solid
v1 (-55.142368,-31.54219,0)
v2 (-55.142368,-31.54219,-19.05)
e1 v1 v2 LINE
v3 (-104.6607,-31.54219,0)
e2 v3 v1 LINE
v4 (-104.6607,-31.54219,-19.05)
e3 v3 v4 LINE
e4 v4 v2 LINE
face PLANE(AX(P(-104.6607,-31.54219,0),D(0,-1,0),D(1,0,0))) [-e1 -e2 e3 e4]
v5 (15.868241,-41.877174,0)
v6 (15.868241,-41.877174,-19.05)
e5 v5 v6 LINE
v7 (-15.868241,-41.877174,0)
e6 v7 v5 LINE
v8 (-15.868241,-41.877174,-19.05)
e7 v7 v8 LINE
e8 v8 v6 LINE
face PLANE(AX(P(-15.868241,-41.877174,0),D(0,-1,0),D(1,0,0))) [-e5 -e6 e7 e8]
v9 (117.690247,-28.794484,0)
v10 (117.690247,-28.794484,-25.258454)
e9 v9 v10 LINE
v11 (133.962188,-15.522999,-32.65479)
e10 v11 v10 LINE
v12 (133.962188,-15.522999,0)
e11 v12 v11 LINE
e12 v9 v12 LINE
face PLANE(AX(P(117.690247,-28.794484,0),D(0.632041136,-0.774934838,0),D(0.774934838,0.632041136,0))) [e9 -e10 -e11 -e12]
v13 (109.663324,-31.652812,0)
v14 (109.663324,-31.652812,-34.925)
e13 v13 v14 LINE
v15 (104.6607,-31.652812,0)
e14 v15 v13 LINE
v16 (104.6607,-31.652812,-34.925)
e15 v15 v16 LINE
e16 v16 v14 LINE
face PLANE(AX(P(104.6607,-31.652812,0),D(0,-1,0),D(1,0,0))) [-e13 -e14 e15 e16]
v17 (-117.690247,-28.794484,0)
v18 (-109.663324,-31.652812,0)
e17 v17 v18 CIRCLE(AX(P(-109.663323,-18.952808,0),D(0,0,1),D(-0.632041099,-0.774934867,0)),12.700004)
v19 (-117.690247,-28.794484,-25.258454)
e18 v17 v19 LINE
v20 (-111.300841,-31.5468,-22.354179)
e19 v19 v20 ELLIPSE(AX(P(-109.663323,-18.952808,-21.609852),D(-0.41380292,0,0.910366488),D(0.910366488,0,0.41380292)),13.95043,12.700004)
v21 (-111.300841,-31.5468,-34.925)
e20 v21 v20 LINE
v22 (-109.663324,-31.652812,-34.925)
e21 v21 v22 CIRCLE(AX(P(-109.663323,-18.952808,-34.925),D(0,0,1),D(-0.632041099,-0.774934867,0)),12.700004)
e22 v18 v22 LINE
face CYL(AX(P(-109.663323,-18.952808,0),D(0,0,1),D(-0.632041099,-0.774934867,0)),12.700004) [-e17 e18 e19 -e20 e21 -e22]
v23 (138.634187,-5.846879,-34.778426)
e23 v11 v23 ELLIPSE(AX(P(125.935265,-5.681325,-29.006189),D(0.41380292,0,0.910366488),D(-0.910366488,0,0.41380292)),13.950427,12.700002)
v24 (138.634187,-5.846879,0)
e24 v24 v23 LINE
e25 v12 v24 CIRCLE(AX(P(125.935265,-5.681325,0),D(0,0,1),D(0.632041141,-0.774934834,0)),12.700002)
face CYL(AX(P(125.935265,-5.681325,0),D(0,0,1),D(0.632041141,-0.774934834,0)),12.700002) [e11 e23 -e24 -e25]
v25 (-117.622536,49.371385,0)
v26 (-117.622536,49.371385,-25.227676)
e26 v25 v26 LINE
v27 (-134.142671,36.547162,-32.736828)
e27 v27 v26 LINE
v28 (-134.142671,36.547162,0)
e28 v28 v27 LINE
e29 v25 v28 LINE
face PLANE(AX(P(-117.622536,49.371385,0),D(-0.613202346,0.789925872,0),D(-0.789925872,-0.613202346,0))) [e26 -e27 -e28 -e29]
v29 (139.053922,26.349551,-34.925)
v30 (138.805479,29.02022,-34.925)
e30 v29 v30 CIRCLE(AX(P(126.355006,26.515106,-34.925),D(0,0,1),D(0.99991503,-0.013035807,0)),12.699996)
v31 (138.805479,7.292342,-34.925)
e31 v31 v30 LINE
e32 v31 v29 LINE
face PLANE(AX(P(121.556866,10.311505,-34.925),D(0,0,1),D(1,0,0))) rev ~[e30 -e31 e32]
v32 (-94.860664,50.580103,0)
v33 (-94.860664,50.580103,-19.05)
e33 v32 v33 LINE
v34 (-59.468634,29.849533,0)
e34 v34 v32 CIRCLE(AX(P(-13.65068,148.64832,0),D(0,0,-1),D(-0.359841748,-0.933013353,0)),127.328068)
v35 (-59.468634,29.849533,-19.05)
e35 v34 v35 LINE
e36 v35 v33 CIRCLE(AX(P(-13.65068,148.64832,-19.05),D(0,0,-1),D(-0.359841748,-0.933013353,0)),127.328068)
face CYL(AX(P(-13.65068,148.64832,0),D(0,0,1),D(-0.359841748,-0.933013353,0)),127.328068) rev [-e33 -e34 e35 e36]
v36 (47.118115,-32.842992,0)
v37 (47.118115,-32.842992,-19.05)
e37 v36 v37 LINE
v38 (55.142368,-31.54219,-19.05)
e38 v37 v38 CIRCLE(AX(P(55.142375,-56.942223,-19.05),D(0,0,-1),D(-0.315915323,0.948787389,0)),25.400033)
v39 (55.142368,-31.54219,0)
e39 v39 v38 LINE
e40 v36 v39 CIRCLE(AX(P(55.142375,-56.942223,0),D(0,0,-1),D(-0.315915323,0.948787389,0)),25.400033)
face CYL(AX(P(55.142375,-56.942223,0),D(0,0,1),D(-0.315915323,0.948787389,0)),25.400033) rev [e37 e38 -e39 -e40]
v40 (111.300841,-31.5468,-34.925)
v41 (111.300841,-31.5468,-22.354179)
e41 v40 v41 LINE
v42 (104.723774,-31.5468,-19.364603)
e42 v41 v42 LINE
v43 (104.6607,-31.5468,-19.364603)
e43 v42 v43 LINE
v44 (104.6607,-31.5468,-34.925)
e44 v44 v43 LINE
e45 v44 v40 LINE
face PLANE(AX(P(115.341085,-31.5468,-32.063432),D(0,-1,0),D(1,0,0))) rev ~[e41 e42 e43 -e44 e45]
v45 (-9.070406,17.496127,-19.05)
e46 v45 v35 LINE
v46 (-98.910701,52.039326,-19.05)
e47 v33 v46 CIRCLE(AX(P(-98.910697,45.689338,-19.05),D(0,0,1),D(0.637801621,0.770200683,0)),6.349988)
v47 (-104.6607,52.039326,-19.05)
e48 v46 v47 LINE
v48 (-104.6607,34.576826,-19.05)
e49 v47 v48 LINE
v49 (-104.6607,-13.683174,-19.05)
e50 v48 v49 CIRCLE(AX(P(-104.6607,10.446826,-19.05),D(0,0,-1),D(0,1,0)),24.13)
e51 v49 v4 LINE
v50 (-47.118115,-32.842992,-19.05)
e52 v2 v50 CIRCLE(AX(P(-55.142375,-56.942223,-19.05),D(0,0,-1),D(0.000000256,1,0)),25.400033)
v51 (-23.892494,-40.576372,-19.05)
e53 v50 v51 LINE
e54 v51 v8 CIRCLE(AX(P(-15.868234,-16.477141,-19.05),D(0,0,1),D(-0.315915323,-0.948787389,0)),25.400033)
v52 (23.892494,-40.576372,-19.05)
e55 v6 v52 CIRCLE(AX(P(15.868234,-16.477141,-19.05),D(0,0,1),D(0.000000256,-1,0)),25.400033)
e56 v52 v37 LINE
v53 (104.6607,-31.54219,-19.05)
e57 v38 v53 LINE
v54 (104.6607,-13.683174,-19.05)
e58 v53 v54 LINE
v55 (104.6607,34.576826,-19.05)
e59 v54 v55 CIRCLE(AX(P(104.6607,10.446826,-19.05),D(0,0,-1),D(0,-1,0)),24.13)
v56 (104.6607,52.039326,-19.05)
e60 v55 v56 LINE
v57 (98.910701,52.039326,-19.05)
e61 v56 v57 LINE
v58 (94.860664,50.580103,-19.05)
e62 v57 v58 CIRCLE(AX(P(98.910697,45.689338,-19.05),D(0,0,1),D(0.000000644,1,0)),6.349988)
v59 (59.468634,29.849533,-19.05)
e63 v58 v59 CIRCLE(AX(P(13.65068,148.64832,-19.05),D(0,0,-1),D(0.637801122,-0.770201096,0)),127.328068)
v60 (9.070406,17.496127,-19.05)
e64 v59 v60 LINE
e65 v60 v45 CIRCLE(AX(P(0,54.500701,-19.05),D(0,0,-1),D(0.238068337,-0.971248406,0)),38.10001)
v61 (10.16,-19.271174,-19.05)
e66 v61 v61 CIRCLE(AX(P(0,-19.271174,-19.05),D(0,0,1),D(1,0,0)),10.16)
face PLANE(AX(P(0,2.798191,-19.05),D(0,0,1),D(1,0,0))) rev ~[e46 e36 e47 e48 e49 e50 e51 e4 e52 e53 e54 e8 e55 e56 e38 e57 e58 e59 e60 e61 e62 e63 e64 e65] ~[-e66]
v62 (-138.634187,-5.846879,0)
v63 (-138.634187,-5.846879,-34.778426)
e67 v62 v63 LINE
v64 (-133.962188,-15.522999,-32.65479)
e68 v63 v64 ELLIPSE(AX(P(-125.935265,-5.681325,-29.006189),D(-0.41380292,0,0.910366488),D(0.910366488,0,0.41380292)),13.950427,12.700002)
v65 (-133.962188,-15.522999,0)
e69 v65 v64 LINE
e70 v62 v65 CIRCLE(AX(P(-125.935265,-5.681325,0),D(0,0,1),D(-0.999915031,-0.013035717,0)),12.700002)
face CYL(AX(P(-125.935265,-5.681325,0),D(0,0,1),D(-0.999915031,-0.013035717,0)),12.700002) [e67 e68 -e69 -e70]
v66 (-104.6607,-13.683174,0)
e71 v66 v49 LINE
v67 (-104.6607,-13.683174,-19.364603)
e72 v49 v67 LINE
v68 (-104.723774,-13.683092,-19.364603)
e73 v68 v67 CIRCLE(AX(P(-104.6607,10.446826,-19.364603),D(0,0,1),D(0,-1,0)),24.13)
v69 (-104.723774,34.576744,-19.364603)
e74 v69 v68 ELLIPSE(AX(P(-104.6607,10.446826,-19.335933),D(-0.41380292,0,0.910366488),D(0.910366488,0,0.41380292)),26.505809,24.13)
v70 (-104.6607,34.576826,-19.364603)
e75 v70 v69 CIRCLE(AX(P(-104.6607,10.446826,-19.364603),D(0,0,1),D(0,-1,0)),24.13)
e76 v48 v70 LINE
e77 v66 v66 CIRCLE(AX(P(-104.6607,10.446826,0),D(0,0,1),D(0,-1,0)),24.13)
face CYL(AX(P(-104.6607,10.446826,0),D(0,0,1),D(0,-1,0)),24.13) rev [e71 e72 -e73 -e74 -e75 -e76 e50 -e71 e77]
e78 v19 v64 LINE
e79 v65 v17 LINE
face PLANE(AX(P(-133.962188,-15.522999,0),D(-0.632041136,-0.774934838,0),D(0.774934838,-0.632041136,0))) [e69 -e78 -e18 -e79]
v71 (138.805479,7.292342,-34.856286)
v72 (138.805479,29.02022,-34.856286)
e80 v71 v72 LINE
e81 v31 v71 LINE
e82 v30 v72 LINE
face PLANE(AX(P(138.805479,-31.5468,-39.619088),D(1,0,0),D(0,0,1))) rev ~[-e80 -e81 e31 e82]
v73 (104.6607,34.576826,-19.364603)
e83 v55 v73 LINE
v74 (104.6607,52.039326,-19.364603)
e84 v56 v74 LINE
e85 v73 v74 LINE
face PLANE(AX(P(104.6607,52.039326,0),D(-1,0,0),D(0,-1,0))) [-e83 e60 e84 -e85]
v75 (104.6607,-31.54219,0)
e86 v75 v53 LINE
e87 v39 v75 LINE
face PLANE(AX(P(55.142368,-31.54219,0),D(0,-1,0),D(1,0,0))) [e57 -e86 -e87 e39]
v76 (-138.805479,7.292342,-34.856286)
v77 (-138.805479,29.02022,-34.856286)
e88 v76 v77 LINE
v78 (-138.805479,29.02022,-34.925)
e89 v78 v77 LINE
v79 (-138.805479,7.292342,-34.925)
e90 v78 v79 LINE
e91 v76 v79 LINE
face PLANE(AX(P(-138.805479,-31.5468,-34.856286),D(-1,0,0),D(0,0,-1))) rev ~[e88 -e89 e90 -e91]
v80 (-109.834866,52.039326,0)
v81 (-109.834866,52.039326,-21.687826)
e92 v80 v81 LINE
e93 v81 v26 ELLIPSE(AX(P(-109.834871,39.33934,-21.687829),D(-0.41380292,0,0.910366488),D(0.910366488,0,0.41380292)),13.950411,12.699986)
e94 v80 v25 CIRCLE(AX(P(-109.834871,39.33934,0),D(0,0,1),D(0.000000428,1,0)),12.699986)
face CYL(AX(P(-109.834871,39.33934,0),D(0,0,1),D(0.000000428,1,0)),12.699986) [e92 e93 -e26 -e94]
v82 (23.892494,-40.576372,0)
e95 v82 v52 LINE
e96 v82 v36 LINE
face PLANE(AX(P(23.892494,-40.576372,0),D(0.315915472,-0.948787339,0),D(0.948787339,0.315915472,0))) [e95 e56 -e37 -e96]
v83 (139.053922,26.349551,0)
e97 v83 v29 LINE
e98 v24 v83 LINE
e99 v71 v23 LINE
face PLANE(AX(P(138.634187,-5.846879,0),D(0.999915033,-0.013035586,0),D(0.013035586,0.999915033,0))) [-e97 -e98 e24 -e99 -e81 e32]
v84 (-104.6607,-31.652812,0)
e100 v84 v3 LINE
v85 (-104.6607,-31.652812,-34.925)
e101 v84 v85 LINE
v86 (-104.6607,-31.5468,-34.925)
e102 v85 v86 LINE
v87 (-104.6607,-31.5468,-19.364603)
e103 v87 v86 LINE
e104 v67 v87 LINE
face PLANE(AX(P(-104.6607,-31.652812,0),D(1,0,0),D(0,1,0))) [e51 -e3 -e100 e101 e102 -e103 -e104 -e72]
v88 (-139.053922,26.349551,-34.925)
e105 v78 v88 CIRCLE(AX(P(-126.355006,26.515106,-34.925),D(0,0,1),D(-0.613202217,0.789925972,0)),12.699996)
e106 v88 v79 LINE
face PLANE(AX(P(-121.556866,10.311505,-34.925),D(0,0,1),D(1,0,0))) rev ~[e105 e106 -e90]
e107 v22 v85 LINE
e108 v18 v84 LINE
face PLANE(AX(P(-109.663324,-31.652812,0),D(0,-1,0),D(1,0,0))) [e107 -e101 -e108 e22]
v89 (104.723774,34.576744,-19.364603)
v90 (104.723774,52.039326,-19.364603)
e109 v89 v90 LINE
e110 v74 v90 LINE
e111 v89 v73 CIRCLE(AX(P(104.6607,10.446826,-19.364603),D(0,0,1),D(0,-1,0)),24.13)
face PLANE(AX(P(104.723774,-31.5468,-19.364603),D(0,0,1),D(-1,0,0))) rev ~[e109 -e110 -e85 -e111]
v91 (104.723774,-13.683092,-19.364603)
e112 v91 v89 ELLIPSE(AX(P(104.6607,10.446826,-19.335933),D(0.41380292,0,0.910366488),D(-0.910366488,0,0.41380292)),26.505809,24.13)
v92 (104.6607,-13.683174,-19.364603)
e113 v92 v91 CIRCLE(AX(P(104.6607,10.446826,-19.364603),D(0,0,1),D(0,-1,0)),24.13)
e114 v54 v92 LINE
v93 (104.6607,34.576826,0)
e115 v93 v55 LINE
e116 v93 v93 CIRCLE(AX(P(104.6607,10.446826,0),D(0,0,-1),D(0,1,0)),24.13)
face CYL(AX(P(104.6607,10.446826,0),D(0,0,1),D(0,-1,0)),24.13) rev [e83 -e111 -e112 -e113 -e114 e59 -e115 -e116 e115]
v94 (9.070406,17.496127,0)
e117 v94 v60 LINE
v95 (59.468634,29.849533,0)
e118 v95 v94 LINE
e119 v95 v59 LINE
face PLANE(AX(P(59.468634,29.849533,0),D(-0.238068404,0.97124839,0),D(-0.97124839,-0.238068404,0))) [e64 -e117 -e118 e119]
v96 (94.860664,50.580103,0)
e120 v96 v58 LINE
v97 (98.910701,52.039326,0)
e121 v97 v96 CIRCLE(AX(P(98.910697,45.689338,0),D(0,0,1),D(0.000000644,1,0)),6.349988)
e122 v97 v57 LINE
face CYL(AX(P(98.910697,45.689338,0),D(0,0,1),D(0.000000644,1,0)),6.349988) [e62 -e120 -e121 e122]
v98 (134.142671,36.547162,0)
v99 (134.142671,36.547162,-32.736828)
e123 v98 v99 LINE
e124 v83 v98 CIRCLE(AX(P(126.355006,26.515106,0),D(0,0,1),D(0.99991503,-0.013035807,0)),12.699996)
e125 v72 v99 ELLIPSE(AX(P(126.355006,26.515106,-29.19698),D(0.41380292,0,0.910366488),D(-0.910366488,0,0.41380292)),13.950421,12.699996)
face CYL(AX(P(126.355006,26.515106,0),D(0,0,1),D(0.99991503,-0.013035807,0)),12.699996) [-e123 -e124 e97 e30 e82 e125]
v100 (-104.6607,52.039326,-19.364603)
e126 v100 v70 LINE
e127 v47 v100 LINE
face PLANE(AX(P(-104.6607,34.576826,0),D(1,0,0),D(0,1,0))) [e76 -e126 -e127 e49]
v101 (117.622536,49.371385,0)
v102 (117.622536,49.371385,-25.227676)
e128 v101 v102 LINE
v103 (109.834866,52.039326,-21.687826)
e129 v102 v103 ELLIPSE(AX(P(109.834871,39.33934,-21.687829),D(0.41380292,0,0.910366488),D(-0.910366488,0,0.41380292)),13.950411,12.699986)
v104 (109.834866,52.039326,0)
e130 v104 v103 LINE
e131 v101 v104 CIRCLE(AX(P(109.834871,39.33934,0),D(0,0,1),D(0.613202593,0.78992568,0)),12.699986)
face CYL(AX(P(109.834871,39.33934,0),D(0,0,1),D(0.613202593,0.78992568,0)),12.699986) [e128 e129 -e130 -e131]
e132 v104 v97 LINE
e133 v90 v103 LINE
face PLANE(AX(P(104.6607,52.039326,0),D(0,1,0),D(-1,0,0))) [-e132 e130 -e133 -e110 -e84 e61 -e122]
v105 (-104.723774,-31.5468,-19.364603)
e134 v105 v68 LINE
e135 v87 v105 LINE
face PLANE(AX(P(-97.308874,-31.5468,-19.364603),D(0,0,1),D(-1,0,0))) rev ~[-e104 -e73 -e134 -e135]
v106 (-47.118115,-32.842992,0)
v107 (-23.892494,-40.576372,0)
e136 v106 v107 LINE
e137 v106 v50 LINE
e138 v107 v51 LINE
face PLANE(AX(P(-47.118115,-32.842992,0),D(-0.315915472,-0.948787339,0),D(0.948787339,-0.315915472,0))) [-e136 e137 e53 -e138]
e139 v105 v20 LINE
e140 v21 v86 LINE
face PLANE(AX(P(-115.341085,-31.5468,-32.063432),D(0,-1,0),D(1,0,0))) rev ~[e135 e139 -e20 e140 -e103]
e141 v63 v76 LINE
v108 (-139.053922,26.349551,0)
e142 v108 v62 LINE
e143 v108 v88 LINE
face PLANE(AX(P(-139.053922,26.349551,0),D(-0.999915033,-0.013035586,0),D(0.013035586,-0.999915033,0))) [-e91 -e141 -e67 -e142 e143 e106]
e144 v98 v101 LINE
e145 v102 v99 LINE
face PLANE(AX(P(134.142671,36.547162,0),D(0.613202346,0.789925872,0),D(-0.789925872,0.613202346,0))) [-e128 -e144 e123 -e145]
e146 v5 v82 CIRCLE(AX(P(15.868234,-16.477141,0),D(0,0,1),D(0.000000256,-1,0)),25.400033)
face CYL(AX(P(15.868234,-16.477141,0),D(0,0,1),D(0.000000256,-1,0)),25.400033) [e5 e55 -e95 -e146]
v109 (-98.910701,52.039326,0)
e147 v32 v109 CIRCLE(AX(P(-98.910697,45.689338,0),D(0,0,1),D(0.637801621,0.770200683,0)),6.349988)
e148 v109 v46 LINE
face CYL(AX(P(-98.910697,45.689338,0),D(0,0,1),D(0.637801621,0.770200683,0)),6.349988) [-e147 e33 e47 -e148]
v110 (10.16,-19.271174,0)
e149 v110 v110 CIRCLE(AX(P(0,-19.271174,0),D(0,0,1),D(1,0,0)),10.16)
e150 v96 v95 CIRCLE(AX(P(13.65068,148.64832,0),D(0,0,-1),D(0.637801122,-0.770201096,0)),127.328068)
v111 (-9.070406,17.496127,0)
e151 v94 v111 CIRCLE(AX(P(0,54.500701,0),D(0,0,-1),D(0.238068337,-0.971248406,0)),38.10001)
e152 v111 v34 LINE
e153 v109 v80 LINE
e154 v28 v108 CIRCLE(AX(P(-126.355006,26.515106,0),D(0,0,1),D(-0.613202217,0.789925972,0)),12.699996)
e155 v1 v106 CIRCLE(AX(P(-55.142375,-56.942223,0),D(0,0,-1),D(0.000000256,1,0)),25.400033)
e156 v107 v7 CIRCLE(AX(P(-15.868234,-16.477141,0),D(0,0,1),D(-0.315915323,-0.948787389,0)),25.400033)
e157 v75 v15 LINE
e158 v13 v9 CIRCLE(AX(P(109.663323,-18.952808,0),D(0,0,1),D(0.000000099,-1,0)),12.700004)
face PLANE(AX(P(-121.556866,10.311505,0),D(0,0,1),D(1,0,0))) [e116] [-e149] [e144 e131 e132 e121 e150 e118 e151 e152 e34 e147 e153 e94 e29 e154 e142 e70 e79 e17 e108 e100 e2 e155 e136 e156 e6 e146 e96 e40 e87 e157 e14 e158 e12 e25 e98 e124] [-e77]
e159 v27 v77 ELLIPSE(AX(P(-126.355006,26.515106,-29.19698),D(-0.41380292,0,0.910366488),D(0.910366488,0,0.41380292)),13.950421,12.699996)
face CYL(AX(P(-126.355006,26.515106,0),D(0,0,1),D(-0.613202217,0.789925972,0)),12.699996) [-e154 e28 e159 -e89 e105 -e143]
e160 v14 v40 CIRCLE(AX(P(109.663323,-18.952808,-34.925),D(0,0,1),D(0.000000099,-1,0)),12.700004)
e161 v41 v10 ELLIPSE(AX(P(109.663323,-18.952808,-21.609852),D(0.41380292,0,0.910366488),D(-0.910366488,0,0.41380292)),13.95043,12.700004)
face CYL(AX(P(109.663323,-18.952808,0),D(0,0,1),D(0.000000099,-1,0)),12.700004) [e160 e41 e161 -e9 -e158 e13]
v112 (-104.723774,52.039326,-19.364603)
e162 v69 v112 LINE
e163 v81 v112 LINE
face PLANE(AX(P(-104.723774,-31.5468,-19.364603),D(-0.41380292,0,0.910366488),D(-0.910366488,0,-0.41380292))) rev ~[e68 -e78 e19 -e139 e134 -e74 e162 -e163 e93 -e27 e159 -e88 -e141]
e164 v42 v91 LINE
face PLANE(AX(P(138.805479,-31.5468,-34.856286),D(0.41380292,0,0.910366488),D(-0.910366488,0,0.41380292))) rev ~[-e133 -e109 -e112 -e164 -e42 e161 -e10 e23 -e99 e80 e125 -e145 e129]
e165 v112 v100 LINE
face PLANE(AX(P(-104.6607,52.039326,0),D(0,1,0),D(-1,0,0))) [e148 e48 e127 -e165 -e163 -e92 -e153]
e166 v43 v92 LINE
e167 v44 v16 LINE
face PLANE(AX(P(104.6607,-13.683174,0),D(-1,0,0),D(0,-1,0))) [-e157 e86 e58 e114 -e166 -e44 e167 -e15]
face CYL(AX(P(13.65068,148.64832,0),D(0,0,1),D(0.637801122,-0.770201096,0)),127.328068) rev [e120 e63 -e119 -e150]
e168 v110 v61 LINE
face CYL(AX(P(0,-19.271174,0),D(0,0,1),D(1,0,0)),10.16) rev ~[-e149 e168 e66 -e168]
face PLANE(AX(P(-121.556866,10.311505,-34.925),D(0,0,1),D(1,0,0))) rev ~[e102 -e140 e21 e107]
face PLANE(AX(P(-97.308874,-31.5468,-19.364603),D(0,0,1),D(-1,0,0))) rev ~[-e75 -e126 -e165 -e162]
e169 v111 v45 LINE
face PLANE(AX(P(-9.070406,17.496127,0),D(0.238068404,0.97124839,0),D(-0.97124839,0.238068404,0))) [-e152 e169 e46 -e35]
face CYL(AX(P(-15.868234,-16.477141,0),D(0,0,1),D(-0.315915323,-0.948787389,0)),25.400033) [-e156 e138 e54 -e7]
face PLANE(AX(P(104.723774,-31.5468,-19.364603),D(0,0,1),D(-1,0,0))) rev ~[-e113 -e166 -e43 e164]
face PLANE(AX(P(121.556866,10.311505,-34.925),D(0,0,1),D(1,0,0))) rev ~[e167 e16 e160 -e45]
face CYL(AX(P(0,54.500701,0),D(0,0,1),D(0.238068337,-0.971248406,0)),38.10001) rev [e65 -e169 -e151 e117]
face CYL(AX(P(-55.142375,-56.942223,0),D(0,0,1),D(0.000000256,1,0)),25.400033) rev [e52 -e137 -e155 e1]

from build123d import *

# Parameters (mm, degrees)
F0_R     = 10.16
F2_DEPTH = 19.05
F3_DEPTH = 34.925
F6_DEPTH = 101.6
F7_DEPTH = 101.6


with BuildPart() as f2:
    # F0 (on Top) → F2 (new body)
    with BuildSketch(Plane.XY):
        with BuildLine():
            ThreePointArc((-104.6607, 34.576826), (-80.5307, 10.446826), (-104.6607, -13.683174))
            Line((-104.6607, -13.683174), (-104.6607, -20.42969))
            Line((-104.6607, -20.42969), (-104.6607, -31.54219))
            Line((-104.6607, -31.54219), (-55.142368, -31.54219))
            ThreePointArc((-55.142368, -31.54219), (-51.077865, -31.8695), (-47.118115, -32.842992))
            Line((-47.118115, -32.842992), (-23.892494, -40.576372))
            ThreePointArc((-23.892494, -40.576372), (-19.932744, -41.549864), (-15.868241, -41.877174))
            Line((-15.868241, -41.877174), (15.868241, -41.877174))
            ThreePointArc((15.868241, -41.877174), (19.932744, -41.549864), (23.892494, -40.576372))
            Line((23.892494, -40.576372), (47.118115, -32.842992))
            ThreePointArc((47.118115, -32.842992), (51.077865, -31.8695), (55.142368, -31.54219))
            Line((55.142368, -31.54219), (104.6607, -31.54219))
            Line((104.6607, -31.54219), (104.6607, -20.42969))
            Line((104.6607, -20.42969), (104.6607, -13.683174))
            ThreePointArc((104.6607, -13.683174), (80.5307, 10.446826), (104.6607, 34.576826))
            Line((104.6607, 34.576826), (104.6607, 40.926826))
            Line((104.6607, 40.926826), (104.6607, 52.039326))
            Line((104.6607, 52.039326), (98.910701, 52.039326))
            ThreePointArc((98.910701, 52.039326), (96.758253, 51.663393), (94.860664, 50.580103))
            ThreePointArc((94.860664, 50.580103), (78.004883, 38.780339), (59.468634, 29.849533))
            Line((59.468634, 29.849533), (9.070406, 17.496127))
            ThreePointArc((9.070406, 17.496127), (0, 16.400691), (-9.070406, 17.496127))
            Line((-9.070406, 17.496127), (-59.468634, 29.849533))
            ThreePointArc((-59.468634, 29.849533), (-78.004883, 38.780339), (-94.860664, 50.580103))
            ThreePointArc((-94.860664, 50.580103), (-96.758253, 51.663393), (-98.910701, 52.039326))
            Line((-98.910701, 52.039326), (-104.6607, 52.039326))
            Line((-104.6607, 52.039326), (-104.6607, 40.926826))
            Line((-104.6607, 40.926826), (-104.6607, 34.576826))
        make_face()
        with Locations((0, -19.271174)):
            Circle(F0_R, mode=Mode.SUBTRACT)
    extrude(amount=-F2_DEPTH)

    # F1 (on Top) → F3 (join)
    with BuildSketch(Plane.XY):
        with BuildLine():
            ThreePointArc((-104.6607, -13.683174), (-128.7907, 10.446826), (-104.6607, 34.576826))
            Line((-104.6607, 34.576826), (-104.6607, 52.039326))
            Line((-104.6607, 52.039326), (-109.834866, 52.039326))
            ThreePointArc((-109.834866, 52.039326), (-113.950863, 51.353842), (-117.622536, 49.371385))
            Line((-117.622536, 49.371385), (-134.142671, 36.547162))
            ThreePointArc((-134.142671, 36.547162), (-137.797157, 32.025737), (-139.053922, 26.349551))
            Line((-139.053922, 26.349551), (-138.634187, -5.846879))
            ThreePointArc((-138.634187, -5.846879), (-137.371916, -11.203376), (-133.962188, -15.522999))
            Line((-133.962188, -15.522999), (-117.690247, -28.794484))
            ThreePointArc((-117.690247, -28.794484), (-113.92365, -30.916909), (-109.663324, -31.652812))
            Line((-109.663324, -31.652812), (-104.6607, -31.652812))
            Line((-104.6607, -31.652812), (-104.6607, -13.683174))
        make_face()
        with BuildLine():
            ThreePointArc((117.622536, 49.371385), (113.950863, 51.353842), (109.834866, 52.039326))
            Line((109.834866, 52.039326), (104.6607, 52.039326))
            Line((104.6607, 52.039326), (104.6607, 34.576826))
            ThreePointArc((104.6607, 34.576826), (128.7907, 10.446826), (104.6607, -13.683174))
            Line((104.6607, -13.683174), (104.6607, -31.652812))
            Line((104.6607, -31.652812), (109.663324, -31.652812))
            ThreePointArc((109.663324, -31.652812), (113.92365, -30.916909), (117.690247, -28.794484))
            Line((117.690247, -28.794484), (133.962188, -15.522999))
            ThreePointArc((133.962188, -15.522999), (137.371916, -11.203376), (138.634187, -5.846879))
            Line((138.634187, -5.846879), (139.053922, 26.349551))
            ThreePointArc((139.053922, 26.349551), (137.797157, 32.025737), (134.142671, 36.547162))
            Line((134.142671, 36.547162), (117.622536, 49.371385))
        make_face()
    extrude(amount=-F3_DEPTH)

    # F5 (on offset) → F6 (cut)
    with BuildSketch(Plane.XZ.offset(31.5468)):
        Polygon((-104.723774, -19.364603), (-138.805479, -34.856286), (-138.805479, -39.619088), (-104.723774, -39.619088), (-104.723774, -38.741853), (-97.308874, -38.741853), (-97.308874, -19.364603), align=None)
        Polygon((104.723774, -19.364603), (97.308874, -19.364603), (97.308874, -38.741853), (104.723774, -38.741853), (104.723774, -39.619088), (138.805479, -39.619088), (138.805479, -34.856286), align=None)
    extrude(amount=-F6_DEPTH, mode=Mode.SUBTRACT)

    # F5 (on offset) → F7 (cut)
    with BuildSketch(Plane.XZ.offset(31.5468)):
        Polygon((-104.723774, -19.364603), (-138.805479, -34.856286), (-138.805479, -39.619088), (-104.723774, -39.619088), (-104.723774, -38.741853), (-97.308874, -38.741853), (-97.308874, -19.364603), align=None)
        Polygon((104.723774, -19.364603), (97.308874, -19.364603), (97.308874, -38.741853), (104.723774, -38.741853), (104.723774, -39.619088), (138.805479, -39.619088), (138.805479, -34.856286), align=None)
    extrude(amount=-F7_DEPTH, mode=Mode.SUBTRACT)


solid = f2.part
